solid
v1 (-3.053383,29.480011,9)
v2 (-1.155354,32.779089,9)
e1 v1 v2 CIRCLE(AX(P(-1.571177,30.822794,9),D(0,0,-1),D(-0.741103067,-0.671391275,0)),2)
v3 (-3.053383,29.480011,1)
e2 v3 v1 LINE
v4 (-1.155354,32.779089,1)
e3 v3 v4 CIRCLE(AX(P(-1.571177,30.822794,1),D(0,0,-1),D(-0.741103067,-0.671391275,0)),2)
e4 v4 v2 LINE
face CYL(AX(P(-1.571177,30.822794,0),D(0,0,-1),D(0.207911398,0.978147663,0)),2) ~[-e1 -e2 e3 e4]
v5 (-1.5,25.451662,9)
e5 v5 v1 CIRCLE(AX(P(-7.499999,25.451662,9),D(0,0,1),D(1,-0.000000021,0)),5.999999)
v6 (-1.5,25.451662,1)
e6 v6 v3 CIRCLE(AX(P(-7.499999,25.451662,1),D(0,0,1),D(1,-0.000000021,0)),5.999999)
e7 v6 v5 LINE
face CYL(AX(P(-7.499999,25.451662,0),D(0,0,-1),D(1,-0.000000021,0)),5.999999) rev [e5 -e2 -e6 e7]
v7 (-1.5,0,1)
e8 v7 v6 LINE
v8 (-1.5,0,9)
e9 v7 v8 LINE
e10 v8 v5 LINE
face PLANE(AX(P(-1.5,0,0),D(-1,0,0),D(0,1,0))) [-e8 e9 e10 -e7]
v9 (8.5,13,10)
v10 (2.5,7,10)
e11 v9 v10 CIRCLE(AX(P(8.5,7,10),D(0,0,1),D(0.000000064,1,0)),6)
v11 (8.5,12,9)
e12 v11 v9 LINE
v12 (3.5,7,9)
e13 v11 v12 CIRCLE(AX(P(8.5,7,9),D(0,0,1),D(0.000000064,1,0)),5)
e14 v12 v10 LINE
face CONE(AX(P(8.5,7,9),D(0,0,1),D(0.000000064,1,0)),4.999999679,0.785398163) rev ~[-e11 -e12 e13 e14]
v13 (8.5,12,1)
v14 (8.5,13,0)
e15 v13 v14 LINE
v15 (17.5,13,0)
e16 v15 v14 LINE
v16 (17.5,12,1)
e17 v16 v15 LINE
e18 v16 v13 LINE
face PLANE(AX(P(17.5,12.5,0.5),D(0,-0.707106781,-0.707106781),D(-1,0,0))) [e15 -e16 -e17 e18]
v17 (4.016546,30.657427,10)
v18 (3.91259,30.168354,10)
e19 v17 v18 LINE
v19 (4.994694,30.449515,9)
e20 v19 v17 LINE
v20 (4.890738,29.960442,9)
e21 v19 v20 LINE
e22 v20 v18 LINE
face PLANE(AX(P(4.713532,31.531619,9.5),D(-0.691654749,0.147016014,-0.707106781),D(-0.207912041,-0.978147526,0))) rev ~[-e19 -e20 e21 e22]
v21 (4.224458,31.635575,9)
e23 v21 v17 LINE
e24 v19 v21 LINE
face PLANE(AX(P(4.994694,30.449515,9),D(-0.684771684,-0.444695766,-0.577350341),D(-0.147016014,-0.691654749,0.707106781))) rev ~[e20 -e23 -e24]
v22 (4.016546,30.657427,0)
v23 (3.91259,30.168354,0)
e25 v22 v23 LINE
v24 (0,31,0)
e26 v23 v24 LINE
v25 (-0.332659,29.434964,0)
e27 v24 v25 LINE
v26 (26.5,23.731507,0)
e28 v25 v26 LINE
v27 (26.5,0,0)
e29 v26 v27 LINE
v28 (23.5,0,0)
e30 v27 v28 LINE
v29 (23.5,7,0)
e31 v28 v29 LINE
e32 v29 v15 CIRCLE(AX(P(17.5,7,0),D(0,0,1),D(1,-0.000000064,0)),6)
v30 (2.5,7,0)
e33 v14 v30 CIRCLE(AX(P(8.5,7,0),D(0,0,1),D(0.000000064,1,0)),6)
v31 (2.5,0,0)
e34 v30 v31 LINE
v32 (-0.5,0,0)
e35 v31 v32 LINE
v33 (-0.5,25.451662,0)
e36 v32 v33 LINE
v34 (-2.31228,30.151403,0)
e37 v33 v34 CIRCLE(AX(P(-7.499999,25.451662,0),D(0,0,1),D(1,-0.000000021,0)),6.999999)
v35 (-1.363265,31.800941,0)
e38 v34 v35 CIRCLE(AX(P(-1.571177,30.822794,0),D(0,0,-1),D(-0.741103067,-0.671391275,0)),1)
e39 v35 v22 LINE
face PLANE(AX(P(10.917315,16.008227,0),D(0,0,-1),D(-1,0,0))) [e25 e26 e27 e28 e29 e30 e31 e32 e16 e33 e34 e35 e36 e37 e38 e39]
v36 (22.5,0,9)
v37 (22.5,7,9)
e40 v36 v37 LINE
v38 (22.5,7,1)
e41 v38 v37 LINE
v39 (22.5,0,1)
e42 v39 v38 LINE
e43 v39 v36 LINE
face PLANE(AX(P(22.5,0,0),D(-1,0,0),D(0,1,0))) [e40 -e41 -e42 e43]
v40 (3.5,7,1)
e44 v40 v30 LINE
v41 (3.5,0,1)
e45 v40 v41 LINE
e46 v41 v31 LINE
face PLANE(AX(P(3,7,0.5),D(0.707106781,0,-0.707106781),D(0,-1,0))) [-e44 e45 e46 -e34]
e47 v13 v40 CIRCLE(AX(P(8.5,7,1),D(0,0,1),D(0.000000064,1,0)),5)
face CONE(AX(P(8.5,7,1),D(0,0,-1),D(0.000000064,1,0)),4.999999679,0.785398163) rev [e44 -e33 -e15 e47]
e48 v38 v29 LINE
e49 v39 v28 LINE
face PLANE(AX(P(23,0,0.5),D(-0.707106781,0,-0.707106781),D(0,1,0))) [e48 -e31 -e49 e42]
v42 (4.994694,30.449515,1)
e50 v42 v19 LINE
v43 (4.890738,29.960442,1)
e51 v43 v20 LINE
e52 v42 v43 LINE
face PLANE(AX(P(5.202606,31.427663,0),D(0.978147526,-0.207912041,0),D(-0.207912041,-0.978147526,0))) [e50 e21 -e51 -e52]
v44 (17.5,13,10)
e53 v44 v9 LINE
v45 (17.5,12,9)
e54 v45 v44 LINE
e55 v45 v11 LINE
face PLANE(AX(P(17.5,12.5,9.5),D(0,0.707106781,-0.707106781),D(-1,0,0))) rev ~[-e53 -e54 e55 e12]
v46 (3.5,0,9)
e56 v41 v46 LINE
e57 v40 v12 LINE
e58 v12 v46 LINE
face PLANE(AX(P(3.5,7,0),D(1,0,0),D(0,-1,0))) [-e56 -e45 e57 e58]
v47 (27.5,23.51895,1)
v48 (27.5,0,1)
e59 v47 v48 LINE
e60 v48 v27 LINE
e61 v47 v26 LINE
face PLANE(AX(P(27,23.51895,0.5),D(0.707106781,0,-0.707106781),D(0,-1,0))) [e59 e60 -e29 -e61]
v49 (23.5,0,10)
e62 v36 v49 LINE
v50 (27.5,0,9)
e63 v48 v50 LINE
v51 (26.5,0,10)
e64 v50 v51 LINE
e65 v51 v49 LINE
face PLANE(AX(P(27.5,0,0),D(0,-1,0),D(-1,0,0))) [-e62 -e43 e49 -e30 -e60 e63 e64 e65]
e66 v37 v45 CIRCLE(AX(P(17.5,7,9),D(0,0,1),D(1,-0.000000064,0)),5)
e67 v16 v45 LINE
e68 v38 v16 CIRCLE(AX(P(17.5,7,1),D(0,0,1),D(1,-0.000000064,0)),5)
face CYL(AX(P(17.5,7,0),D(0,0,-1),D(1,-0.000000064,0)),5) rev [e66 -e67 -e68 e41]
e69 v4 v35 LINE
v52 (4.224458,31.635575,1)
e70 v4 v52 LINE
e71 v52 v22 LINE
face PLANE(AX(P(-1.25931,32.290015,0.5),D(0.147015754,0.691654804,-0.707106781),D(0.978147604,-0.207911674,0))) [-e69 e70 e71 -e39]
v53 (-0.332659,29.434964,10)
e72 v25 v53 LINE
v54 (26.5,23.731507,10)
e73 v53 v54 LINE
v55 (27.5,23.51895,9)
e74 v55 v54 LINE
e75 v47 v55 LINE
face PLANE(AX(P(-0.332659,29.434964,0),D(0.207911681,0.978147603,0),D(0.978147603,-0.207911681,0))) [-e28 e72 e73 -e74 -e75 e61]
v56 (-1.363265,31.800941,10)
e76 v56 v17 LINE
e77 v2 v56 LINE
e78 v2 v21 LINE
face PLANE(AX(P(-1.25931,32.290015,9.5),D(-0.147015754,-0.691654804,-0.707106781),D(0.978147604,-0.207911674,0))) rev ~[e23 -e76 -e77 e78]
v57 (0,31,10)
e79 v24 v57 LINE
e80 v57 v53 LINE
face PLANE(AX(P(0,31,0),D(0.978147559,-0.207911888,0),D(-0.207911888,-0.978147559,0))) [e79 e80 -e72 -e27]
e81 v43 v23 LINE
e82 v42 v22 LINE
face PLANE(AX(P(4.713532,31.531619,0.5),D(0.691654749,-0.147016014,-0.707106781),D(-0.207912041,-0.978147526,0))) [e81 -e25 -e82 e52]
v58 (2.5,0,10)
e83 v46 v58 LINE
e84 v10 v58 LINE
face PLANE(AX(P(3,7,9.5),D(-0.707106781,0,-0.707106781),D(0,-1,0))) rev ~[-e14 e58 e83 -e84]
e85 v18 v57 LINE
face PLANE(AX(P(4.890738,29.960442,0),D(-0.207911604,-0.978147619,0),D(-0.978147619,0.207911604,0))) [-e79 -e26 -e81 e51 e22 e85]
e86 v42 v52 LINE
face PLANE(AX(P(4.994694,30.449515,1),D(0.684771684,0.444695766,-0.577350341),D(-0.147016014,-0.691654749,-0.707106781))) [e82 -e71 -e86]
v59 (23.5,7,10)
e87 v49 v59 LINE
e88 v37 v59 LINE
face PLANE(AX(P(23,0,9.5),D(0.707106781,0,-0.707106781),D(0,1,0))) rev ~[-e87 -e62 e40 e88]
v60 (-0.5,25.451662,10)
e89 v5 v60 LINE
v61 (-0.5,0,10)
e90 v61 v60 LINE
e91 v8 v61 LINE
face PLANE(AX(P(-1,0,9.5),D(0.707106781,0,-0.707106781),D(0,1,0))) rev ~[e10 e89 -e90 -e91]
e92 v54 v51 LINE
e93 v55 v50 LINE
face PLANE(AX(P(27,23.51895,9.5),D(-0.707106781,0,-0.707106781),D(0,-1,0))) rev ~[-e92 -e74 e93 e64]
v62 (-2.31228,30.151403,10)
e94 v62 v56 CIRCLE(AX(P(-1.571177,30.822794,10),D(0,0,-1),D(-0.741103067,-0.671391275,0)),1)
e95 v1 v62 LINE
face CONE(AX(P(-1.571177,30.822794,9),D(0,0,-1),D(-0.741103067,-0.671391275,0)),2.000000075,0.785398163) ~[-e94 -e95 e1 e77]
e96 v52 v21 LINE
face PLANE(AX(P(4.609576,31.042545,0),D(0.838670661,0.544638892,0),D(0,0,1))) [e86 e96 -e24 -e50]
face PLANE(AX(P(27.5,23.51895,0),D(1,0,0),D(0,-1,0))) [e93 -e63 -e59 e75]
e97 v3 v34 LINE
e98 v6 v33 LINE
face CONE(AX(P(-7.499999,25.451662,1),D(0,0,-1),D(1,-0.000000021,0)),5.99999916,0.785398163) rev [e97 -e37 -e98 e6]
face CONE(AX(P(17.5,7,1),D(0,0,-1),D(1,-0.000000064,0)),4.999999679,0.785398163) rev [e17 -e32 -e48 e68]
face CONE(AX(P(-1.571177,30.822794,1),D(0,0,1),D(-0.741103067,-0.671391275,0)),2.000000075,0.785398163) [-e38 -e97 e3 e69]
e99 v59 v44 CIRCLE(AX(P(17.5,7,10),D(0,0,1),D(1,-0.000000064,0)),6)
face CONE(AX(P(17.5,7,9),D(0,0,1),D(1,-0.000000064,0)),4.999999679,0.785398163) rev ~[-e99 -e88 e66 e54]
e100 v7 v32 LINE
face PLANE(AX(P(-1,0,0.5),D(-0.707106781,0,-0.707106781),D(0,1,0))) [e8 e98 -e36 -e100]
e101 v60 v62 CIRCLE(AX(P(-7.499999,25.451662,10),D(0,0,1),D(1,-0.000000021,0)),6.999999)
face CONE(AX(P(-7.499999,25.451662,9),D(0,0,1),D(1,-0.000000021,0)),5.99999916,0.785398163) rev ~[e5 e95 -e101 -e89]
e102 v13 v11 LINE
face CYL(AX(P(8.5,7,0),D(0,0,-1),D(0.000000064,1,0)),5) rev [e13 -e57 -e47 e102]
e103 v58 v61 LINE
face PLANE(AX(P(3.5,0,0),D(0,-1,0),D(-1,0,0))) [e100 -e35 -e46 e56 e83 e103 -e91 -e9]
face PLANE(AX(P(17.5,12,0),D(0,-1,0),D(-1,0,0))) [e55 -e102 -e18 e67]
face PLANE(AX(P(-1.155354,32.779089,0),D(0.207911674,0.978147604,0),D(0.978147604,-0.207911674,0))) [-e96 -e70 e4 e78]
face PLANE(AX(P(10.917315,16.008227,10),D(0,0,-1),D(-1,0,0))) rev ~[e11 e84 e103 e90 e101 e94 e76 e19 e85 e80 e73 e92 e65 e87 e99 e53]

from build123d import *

# Parameters (mm, degrees)
PAD_DEPTH            = 10
CHAMFER_SIZE         = 1
BODY_PLACEMENT_ANGLE = 270


with BuildPart() as part:
    # Sketch (on XZ_Plane of Origin) → Pad (new body)
    with BuildSketch(Plane.XZ):
        with BuildLine():
            Line((-1.5, 0), (-1.5, 25.451662))
            ThreePointArc((-1.5, 25.451662), (-1.901799, 27.610399), (-3.053383, 29.480011))
            ThreePointArc((-1.155354, 32.779089), (-3.304749, 31.820154), (-3.053383, 29.480011))
            Line((-1.155354, 32.779089), (5.202606, 31.427663))
            Line((5.202606, 31.427663), (4.890738, 29.960442))
            Line((4.890738, 29.960442), (0, 31))
            Line((0, 31), (-0.332659, 29.434964))
            Line((-0.332659, 29.434964), (27.5, 23.51895))
            Line((27.5, 23.51895), (27.5, 0))
            Line((27.5, 0), (22.5, 0))
            Line((22.5, 0), (22.5, 7))
            ThreePointArc((22.5, 7), (21.035534, 10.535534), (17.5, 12))
            Line((17.5, 12), (8.5, 12))
            ThreePointArc((8.5, 12), (4.964466, 10.535534), (3.5, 7))
            Line((3.5, 7), (3.5, 0))
            Line((3.5, 0), (-1.5, 0))
        make_face()
    extrude(amount=PAD_DEPTH)

    # Chamfer
    chamfer_edges = [part.edges().sort_by_distance(p)[0] for p in [
        (-1.5, -10, 12.725831),
        (3.5, -10, 3.5),
        (27.5, -10, 11.759475),
        (27.5, 0, 11.759475),
        (-1.5, 0, 12.725831),
        (22.5, 0, 3.5),
        (5.202606, -5, 31.427663),
        (5.046672, 0, 30.694052),
        (5.046672, -10, 30.694052),
    ]]
    chamfer(chamfer_edges, length=CHAMFER_SIZE)


with BuildPart() as part_1:
    # Body placement: moved
    add(part.part.rotate(Axis((0, 0, 0), (1, 0, 0)), BODY_PLACEMENT_ANGLE))


solid = part_1.part
